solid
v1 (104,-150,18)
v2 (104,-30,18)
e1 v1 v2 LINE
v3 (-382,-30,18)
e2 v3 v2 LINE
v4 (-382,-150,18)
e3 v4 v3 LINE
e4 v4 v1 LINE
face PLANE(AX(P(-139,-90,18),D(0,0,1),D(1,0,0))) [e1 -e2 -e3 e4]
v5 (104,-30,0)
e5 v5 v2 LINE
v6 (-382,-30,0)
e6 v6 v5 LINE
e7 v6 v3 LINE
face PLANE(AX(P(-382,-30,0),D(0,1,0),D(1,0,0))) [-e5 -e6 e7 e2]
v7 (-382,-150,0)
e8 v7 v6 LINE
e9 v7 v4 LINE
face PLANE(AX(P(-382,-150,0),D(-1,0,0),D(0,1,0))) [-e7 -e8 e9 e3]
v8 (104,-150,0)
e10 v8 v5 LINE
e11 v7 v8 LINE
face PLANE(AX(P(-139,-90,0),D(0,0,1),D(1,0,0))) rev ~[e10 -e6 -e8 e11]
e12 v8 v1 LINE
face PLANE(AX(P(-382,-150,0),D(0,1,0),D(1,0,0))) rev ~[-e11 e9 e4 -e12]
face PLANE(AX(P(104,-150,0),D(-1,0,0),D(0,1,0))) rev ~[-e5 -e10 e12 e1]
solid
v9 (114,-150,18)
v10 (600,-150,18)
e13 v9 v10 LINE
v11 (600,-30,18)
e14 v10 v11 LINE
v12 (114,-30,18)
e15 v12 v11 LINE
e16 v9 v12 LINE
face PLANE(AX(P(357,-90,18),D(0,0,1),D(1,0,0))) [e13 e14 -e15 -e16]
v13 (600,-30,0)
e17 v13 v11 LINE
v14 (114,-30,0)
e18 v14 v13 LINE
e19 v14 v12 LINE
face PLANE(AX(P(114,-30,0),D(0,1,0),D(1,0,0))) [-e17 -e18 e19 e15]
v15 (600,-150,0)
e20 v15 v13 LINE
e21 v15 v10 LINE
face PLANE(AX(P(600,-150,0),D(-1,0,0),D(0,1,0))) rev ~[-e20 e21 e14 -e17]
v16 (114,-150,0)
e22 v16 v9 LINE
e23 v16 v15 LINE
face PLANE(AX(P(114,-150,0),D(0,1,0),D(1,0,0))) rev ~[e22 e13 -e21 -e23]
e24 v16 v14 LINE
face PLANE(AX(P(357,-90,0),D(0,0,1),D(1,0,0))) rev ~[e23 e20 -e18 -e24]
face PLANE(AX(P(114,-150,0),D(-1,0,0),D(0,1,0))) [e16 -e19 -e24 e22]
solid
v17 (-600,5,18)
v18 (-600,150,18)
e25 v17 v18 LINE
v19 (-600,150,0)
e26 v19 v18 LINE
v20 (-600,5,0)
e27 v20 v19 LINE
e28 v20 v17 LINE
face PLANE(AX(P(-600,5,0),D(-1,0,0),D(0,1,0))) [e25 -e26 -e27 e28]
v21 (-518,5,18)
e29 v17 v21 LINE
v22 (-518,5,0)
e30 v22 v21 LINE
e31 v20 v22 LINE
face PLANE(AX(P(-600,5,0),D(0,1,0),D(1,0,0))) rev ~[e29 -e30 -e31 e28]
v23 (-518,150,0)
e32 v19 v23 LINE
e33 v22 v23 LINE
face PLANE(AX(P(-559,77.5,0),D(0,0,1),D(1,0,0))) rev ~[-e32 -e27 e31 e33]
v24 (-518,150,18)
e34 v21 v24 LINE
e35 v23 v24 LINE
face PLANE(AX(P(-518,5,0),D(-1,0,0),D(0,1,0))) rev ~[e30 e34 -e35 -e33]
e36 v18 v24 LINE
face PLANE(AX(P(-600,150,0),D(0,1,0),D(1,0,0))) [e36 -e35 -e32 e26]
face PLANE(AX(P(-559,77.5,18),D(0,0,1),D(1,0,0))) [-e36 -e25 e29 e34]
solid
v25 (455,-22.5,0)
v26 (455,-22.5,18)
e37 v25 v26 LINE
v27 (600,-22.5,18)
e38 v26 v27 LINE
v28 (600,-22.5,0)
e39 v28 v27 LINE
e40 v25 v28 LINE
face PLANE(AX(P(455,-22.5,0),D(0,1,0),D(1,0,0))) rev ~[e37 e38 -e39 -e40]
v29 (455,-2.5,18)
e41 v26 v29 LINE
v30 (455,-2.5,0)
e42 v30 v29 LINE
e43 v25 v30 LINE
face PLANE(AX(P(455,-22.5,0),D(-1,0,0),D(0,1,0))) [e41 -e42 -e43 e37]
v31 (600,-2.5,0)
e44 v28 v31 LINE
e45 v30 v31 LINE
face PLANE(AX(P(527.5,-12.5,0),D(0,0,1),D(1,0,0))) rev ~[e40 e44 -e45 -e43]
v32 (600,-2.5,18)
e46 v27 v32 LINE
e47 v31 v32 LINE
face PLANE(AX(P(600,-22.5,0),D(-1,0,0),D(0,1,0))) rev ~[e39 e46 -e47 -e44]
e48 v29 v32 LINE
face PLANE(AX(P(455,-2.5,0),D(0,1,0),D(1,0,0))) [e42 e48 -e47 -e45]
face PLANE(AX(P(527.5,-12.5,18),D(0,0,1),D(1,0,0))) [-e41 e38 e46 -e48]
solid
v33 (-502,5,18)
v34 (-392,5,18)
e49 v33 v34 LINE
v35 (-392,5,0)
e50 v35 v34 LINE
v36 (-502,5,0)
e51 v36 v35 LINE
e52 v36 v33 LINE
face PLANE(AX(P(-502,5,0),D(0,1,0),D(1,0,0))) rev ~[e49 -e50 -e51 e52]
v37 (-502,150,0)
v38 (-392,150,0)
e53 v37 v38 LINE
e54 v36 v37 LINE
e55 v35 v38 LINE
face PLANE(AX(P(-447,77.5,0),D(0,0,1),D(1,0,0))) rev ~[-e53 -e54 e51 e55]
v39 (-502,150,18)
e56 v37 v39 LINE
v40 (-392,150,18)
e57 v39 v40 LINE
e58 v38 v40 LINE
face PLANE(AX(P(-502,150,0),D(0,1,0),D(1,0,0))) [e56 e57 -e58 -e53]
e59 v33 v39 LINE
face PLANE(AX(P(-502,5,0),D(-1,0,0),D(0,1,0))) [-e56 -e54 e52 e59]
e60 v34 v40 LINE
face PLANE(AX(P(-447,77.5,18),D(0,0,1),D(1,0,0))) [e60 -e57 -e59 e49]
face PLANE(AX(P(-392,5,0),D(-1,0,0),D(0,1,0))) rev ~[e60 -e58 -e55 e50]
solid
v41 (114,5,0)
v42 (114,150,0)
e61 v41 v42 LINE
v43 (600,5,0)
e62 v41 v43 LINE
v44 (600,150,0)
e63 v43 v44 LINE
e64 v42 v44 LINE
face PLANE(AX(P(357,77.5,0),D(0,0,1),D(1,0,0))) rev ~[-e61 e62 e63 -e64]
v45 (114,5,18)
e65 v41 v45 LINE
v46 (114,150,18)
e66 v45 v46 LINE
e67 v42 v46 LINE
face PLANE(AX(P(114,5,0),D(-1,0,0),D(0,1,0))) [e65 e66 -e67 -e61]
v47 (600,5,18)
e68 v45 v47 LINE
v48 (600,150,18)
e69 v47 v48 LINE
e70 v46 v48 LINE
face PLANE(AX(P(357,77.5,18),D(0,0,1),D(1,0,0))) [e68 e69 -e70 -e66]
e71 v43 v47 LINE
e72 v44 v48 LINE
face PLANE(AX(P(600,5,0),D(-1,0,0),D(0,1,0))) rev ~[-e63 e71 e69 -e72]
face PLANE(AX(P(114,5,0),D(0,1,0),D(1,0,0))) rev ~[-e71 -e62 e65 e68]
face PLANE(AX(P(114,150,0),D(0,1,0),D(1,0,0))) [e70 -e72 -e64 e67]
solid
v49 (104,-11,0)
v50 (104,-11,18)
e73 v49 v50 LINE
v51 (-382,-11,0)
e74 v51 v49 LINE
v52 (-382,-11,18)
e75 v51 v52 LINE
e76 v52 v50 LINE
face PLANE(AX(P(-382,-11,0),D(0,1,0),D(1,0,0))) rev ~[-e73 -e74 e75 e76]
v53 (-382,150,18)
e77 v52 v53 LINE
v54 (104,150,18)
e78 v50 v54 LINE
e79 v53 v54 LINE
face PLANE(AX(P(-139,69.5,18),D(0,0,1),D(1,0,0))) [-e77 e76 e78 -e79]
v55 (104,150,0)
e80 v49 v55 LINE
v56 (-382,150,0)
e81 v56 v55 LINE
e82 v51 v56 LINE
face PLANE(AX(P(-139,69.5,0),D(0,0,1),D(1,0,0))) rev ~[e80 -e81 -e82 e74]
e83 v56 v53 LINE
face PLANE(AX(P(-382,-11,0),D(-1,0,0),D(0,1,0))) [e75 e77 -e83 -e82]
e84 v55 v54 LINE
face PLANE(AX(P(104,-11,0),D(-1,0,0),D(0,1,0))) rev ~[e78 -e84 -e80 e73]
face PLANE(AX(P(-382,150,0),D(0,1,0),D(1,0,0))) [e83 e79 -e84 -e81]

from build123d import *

# Parameters (mm, degrees)
F0_W     = 486
F0_H     = 145
F0_H_2   = 161
F0_H_3   = 120
F0_W_2   = 110
F0_W_3   = 82
F0_W_4   = 145
F0_H_4   = 20
F1_DEPTH = 18


with BuildPart() as f1:
    # F0 (on Top) → F1 (new body)
    with BuildSketch(Plane.XY):
        with Locations((357, 77.5)):
            Rectangle(F0_W, F0_H)
        with Locations((-139, 69.5)):
            Rectangle(F0_W, F0_H_2)
        with Locations((357, -90)):
            Rectangle(F0_W, F0_H_3)
        with Locations((-139, -90)):
            Rectangle(F0_W, F0_H_3)
        with Locations((-447, 77.5)):
            Rectangle(F0_W_2, F0_H)
        with Locations((-559, 77.5)):
            Rectangle(F0_W_3, F0_H)
        with Locations((527.5, -12.5)):
            Rectangle(F0_W_4, F0_H_4)
    extrude(amount=F1_DEPTH)


solid = f1.part
